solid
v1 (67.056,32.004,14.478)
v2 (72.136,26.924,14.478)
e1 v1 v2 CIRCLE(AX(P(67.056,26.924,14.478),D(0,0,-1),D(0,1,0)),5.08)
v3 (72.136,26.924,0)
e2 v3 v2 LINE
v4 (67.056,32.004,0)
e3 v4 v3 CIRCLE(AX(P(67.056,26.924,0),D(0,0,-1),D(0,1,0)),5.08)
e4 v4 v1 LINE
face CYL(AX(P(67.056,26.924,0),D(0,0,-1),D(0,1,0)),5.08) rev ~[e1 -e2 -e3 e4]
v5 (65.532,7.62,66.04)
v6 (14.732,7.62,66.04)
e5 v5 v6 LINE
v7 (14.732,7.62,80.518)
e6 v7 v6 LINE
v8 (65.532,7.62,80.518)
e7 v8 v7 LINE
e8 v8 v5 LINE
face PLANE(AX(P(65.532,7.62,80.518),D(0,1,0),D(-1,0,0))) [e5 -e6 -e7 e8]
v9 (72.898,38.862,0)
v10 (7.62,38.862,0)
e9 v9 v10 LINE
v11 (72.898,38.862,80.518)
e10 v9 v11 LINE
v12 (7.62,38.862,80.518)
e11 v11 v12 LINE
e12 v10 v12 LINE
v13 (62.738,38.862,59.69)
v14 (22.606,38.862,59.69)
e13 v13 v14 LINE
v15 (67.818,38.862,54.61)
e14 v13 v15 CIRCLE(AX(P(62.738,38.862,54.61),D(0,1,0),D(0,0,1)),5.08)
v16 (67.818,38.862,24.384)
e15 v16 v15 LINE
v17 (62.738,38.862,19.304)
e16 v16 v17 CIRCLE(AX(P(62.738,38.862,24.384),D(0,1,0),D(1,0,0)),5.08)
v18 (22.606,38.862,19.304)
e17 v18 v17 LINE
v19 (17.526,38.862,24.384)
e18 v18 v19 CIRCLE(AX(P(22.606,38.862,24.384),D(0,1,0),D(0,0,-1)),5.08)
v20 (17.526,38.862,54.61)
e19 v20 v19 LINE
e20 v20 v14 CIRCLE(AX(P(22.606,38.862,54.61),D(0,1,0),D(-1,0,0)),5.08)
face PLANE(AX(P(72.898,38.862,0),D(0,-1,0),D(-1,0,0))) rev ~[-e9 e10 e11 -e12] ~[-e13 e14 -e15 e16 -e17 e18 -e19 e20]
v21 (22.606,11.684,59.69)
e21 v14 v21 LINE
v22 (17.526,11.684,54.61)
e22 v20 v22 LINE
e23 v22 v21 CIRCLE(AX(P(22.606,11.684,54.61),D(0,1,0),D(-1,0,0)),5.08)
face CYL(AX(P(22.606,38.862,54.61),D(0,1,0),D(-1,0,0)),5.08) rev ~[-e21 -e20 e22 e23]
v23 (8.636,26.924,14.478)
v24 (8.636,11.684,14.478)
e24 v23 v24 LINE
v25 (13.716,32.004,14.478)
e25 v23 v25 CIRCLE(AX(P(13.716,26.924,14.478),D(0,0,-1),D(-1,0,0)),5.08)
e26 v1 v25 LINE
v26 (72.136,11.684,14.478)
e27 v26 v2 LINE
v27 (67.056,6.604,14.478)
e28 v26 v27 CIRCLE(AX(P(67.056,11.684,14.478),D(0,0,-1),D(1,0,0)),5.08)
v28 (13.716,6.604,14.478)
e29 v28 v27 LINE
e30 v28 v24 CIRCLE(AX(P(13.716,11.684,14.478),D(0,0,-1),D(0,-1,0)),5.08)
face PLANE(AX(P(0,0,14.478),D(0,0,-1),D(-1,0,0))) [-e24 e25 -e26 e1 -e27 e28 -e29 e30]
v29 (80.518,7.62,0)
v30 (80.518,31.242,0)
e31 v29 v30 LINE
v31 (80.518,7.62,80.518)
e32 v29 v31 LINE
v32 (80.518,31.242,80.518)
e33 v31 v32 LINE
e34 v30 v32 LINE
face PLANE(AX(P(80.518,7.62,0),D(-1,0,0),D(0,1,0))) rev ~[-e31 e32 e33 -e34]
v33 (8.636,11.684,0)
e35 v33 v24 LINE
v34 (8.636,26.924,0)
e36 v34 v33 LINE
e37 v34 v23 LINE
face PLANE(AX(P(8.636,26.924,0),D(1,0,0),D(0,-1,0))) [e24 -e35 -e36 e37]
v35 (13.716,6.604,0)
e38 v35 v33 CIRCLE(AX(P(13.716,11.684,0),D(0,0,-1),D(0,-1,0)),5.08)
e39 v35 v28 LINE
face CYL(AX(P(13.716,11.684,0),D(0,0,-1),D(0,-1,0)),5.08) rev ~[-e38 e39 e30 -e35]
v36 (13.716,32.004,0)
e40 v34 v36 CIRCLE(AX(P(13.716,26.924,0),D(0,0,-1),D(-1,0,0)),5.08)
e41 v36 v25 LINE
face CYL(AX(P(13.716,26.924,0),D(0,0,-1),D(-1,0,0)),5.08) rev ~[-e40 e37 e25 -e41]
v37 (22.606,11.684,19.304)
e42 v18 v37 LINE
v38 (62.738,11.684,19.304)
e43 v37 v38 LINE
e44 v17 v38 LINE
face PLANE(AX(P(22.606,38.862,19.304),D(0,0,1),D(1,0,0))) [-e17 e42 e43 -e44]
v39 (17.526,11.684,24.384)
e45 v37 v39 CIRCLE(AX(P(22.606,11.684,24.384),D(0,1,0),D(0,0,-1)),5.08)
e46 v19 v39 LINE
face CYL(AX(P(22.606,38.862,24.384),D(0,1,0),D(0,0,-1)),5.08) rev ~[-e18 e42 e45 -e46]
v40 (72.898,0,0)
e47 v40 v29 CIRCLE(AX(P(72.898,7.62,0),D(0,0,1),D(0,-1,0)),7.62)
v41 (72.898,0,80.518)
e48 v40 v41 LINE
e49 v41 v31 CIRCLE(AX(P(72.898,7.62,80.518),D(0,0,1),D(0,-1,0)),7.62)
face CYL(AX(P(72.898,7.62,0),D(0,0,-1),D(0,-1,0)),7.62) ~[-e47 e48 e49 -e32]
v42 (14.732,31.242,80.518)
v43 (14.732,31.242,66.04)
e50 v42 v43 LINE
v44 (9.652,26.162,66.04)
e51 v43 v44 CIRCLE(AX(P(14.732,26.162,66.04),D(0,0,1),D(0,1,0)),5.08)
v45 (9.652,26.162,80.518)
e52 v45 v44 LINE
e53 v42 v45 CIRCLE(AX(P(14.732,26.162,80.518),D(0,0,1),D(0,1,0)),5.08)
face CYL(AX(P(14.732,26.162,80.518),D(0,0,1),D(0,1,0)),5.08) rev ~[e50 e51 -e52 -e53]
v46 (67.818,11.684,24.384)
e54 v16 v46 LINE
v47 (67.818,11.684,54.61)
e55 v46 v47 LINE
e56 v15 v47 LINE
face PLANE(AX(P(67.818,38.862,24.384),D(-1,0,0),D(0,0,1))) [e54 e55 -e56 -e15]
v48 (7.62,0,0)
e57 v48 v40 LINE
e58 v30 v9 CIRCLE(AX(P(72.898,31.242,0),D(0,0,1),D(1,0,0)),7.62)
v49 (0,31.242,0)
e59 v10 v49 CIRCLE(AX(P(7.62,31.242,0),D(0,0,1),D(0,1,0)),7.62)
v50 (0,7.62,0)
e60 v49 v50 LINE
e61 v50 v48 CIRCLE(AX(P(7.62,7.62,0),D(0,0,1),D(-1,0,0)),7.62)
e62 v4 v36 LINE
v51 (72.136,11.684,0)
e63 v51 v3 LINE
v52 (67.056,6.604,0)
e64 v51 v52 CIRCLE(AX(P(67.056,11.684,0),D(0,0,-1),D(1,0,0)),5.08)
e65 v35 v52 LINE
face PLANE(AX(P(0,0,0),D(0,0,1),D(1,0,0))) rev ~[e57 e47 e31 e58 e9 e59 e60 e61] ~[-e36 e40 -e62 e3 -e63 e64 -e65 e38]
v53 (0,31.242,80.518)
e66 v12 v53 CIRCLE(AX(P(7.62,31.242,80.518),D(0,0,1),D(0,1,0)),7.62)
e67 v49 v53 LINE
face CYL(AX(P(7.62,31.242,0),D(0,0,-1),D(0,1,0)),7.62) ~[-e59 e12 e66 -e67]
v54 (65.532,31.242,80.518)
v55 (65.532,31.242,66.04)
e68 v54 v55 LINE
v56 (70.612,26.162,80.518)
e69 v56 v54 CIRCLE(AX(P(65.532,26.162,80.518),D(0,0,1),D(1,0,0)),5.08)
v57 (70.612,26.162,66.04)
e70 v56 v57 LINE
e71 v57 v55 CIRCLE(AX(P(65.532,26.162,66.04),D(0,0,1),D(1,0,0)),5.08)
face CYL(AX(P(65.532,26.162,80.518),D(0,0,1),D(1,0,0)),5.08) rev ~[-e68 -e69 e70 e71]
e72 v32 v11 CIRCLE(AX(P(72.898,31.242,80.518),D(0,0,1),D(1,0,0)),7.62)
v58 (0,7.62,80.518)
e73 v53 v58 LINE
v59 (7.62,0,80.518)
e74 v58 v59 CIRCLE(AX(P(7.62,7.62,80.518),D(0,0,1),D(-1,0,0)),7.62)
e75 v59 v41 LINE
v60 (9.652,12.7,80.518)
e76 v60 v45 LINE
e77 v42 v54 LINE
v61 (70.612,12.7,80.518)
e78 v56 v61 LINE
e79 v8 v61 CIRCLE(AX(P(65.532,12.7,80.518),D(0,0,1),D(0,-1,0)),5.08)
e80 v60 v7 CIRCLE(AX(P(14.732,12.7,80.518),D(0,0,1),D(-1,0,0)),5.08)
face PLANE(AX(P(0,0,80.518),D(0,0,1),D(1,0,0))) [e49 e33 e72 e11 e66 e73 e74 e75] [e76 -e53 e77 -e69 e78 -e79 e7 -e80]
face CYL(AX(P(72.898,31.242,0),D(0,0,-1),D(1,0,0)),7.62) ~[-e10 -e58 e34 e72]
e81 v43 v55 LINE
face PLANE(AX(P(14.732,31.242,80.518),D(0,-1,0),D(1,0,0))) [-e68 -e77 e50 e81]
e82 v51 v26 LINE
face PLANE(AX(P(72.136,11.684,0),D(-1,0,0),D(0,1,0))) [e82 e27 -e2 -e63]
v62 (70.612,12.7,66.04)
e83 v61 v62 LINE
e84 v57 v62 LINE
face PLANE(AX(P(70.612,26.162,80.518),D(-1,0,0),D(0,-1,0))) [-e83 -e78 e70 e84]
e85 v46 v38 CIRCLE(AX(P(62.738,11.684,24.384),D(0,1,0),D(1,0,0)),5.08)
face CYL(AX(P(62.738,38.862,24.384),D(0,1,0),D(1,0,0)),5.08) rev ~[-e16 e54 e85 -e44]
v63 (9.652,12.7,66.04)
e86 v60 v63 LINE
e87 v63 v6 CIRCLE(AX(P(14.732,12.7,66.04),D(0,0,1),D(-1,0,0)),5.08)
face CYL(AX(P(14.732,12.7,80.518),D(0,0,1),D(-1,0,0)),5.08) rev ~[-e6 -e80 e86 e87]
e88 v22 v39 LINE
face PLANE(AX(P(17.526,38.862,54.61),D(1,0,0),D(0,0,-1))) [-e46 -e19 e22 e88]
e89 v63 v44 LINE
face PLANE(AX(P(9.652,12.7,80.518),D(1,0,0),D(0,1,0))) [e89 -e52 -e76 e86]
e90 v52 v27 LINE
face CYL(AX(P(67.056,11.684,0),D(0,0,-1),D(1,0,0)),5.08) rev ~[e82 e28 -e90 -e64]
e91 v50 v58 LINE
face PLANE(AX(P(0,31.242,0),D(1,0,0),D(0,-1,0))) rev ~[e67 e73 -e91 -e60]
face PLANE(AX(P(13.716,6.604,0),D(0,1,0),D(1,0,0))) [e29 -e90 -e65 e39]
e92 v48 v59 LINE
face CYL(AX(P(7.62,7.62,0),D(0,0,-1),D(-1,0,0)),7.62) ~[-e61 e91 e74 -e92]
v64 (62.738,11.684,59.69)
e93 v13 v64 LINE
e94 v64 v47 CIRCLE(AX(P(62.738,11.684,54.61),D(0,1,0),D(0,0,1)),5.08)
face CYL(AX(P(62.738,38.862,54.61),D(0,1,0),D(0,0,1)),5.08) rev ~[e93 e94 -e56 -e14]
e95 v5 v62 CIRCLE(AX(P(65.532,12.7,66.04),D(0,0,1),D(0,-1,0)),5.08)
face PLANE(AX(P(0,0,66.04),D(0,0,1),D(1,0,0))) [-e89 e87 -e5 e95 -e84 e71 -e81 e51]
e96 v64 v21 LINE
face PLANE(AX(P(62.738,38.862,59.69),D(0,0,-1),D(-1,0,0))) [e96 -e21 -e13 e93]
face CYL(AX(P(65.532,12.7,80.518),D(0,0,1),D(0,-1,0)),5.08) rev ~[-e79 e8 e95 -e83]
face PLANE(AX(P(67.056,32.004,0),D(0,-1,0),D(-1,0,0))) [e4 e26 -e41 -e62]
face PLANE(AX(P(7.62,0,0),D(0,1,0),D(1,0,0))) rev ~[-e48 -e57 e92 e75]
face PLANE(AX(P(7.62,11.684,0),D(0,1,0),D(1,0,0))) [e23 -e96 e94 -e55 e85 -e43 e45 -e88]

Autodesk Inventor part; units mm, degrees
ref_plane "YZ Plane" through (0, 0, 0) normal (1, 0, 0) x (0, 1, 0)
ref_plane "XZ Plane" through (0, 0, 0) normal (0, 1, 0) x (-1, 0, 0)
ref_plane "XY Plane" through (0, 0, 0) normal (0, 0, 1) x (1, 0, 0)
sketch "Sketch1" plane through (0, 0, 0) normal (0, 0, 1) x (1, 0, 0)
  line L0 (7.62, 0) -> (72.898, 0)
  line L1 (80.518, 7.62) -> (80.518, 31.242)
  line L2 (72.898, 38.862) -> (7.62, 38.862)
  line L3 (0, 31.242) -> (0, 7.62)
  arc A0 (7.62, 38.862) -> (0, 31.242) centre (7.62, 31.242) ccw
  arc A1 (80.518, 31.242) -> (72.898, 38.862) centre (72.898, 31.242) ccw
  arc A2 (72.898, 0) -> (80.518, 7.62) centre (72.898, 7.62) ccw
  arc A3 (0, 7.62) -> (7.62, 0) centre (7.62, 7.62) ccw
  point P0 (0, 0)
  point P1 (80.518, 38.862)
  point P2 (80.518, 0)
  point P3 (0, 38.862)
  dimension "d0" = 80.518
  dimension "d1" = 38.862
  dimension "d2" = 7.62
  dimension "d3" = 7.62
  dimension "d4" = 7.62
  dimension "d5" = 7.62
extrude "Extrusion1" add sketch "Sketch1" along normal blind 80.518
sketch "Sketch2" plane through (7.62, 38.862, 0) normal (0, 1, 0) x (1, 0, 0)
  line L0 (14.986, -19.304) -> (55.118, -19.304)
  line L1 (60.198, -24.384) -> (60.198, -54.61)
  line L2 (55.118, -59.69) -> (14.986, -59.69)
  line L3 (9.906, -54.61) -> (9.906, -24.384)
  line L4 (65.278, -80.518) -> (0, -80.518) projected
  line L5 (72.898, 0) -> (72.898, -80.518) projected
  arc A0 (14.986, -19.304) -> (9.906, -24.384) centre (14.986, -24.384) ccw
  arc A1 (60.198, -24.384) -> (55.118, -19.304) centre (55.118, -24.384) ccw
  arc A2 (55.118, -59.69) -> (60.198, -54.61) centre (55.118, -54.61) ccw
  arc A3 (9.906, -54.61) -> (14.986, -59.69) centre (14.986, -54.61) ccw
  point P0 (-7.62, 0)
  point P1 (9.906, -19.304)
  point P2 (60.198, -19.304)
  point P3 (9.906, -59.69)
  dimension "d16" = 40.386
  dimension "d17" = 50.292
  dimension "d18" = 20.828
  dimension "d19" = 12.7
  dimension "d20" = 5.08
  dimension "d21" = 5.08
  dimension "d22" = 5.08
  dimension "d23" = 5.08
extrude "Extrusion2" cut sketch "Sketch2" against normal blind 27.178
sketch "Sketch3" plane through (0, 0, 80.518) normal (0, 0, 1) x (1, 0, 0)
  line L0 (14.732, 31.242) -> (65.532, 31.242)
  line L1 (70.612, 26.162) -> (70.612, 12.7)
  line L2 (65.532, 7.62) -> (14.732, 7.62)
  line L3 (9.652, 12.7) -> (9.652, 26.162)
  line L4 (80.518, 7.62) -> (80.518, 31.242) projected
  line L5 (72.898, 38.862) -> (7.62, 38.862) projected
  arc A0 (70.612, 26.162) -> (65.532, 31.242) centre (65.532, 26.162) ccw
  arc A1 (65.532, 7.62) -> (70.612, 12.7) centre (65.532, 12.7) ccw
  arc A2 (9.652, 12.7) -> (14.732, 7.62) centre (14.732, 12.7) ccw
  arc A3 (14.732, 31.242) -> (9.652, 26.162) centre (14.732, 26.162) ccw
  point P0 (0, 0)
  point P1 (9.652, 31.242)
  point P2 (70.612, 31.242)
  point P3 (9.652, 7.62)
  dimension "d26" = 60.96
  dimension "d27" = 9.906
  dimension "d28" = 23.622
  dimension "d29" = 7.62
  dimension "d30" = 5.08
  dimension "d31" = 5.08
extrude "Extrusion3" cut sketch "Sketch3" against normal blind 14.478
sketch "Sketch4" plane through (0, 0, 0) normal (0, 0, -1) x (-1, 0, 0)
  line L0 (-67.056, 32.004) -> (-13.716, 32.004)
  line L1 (-8.636, 26.924) -> (-8.636, 11.684)
  line L2 (-13.716, 6.604) -> (-67.056, 6.604)
  line L3 (-72.136, 11.684) -> (-72.136, 26.924)
  line L4 (0, 7.62) -> (0, 31.242) projected
  line L5 (-7.62, 38.862) -> (-72.898, 38.862) projected
  arc A0 (-67.056, 32.004) -> (-72.136, 26.924) centre (-67.056, 26.924) ccw
  arc A1 (-8.636, 26.924) -> (-13.716, 32.004) centre (-13.716, 26.924) ccw
  arc A2 (-13.716, 6.604) -> (-8.636, 11.684) centre (-13.716, 11.684) ccw
  arc A3 (-72.136, 11.684) -> (-67.056, 6.604) centre (-67.056, 11.684) ccw
  point P0 (0, 0)
  point P1 (-72.136, 32.004)
  point P2 (-8.636, 6.604)
  point P3 (-8.636, 32.004)
  dimension "d34" = 63.5
  dimension "d35" = 25.4
  dimension "d36" = 8.636
  dimension "d37" = 6.858
  dimension "d38" = 5.08
extrude "Extrusion4" cut sketch "Sketch4" against normal blind 14.478
